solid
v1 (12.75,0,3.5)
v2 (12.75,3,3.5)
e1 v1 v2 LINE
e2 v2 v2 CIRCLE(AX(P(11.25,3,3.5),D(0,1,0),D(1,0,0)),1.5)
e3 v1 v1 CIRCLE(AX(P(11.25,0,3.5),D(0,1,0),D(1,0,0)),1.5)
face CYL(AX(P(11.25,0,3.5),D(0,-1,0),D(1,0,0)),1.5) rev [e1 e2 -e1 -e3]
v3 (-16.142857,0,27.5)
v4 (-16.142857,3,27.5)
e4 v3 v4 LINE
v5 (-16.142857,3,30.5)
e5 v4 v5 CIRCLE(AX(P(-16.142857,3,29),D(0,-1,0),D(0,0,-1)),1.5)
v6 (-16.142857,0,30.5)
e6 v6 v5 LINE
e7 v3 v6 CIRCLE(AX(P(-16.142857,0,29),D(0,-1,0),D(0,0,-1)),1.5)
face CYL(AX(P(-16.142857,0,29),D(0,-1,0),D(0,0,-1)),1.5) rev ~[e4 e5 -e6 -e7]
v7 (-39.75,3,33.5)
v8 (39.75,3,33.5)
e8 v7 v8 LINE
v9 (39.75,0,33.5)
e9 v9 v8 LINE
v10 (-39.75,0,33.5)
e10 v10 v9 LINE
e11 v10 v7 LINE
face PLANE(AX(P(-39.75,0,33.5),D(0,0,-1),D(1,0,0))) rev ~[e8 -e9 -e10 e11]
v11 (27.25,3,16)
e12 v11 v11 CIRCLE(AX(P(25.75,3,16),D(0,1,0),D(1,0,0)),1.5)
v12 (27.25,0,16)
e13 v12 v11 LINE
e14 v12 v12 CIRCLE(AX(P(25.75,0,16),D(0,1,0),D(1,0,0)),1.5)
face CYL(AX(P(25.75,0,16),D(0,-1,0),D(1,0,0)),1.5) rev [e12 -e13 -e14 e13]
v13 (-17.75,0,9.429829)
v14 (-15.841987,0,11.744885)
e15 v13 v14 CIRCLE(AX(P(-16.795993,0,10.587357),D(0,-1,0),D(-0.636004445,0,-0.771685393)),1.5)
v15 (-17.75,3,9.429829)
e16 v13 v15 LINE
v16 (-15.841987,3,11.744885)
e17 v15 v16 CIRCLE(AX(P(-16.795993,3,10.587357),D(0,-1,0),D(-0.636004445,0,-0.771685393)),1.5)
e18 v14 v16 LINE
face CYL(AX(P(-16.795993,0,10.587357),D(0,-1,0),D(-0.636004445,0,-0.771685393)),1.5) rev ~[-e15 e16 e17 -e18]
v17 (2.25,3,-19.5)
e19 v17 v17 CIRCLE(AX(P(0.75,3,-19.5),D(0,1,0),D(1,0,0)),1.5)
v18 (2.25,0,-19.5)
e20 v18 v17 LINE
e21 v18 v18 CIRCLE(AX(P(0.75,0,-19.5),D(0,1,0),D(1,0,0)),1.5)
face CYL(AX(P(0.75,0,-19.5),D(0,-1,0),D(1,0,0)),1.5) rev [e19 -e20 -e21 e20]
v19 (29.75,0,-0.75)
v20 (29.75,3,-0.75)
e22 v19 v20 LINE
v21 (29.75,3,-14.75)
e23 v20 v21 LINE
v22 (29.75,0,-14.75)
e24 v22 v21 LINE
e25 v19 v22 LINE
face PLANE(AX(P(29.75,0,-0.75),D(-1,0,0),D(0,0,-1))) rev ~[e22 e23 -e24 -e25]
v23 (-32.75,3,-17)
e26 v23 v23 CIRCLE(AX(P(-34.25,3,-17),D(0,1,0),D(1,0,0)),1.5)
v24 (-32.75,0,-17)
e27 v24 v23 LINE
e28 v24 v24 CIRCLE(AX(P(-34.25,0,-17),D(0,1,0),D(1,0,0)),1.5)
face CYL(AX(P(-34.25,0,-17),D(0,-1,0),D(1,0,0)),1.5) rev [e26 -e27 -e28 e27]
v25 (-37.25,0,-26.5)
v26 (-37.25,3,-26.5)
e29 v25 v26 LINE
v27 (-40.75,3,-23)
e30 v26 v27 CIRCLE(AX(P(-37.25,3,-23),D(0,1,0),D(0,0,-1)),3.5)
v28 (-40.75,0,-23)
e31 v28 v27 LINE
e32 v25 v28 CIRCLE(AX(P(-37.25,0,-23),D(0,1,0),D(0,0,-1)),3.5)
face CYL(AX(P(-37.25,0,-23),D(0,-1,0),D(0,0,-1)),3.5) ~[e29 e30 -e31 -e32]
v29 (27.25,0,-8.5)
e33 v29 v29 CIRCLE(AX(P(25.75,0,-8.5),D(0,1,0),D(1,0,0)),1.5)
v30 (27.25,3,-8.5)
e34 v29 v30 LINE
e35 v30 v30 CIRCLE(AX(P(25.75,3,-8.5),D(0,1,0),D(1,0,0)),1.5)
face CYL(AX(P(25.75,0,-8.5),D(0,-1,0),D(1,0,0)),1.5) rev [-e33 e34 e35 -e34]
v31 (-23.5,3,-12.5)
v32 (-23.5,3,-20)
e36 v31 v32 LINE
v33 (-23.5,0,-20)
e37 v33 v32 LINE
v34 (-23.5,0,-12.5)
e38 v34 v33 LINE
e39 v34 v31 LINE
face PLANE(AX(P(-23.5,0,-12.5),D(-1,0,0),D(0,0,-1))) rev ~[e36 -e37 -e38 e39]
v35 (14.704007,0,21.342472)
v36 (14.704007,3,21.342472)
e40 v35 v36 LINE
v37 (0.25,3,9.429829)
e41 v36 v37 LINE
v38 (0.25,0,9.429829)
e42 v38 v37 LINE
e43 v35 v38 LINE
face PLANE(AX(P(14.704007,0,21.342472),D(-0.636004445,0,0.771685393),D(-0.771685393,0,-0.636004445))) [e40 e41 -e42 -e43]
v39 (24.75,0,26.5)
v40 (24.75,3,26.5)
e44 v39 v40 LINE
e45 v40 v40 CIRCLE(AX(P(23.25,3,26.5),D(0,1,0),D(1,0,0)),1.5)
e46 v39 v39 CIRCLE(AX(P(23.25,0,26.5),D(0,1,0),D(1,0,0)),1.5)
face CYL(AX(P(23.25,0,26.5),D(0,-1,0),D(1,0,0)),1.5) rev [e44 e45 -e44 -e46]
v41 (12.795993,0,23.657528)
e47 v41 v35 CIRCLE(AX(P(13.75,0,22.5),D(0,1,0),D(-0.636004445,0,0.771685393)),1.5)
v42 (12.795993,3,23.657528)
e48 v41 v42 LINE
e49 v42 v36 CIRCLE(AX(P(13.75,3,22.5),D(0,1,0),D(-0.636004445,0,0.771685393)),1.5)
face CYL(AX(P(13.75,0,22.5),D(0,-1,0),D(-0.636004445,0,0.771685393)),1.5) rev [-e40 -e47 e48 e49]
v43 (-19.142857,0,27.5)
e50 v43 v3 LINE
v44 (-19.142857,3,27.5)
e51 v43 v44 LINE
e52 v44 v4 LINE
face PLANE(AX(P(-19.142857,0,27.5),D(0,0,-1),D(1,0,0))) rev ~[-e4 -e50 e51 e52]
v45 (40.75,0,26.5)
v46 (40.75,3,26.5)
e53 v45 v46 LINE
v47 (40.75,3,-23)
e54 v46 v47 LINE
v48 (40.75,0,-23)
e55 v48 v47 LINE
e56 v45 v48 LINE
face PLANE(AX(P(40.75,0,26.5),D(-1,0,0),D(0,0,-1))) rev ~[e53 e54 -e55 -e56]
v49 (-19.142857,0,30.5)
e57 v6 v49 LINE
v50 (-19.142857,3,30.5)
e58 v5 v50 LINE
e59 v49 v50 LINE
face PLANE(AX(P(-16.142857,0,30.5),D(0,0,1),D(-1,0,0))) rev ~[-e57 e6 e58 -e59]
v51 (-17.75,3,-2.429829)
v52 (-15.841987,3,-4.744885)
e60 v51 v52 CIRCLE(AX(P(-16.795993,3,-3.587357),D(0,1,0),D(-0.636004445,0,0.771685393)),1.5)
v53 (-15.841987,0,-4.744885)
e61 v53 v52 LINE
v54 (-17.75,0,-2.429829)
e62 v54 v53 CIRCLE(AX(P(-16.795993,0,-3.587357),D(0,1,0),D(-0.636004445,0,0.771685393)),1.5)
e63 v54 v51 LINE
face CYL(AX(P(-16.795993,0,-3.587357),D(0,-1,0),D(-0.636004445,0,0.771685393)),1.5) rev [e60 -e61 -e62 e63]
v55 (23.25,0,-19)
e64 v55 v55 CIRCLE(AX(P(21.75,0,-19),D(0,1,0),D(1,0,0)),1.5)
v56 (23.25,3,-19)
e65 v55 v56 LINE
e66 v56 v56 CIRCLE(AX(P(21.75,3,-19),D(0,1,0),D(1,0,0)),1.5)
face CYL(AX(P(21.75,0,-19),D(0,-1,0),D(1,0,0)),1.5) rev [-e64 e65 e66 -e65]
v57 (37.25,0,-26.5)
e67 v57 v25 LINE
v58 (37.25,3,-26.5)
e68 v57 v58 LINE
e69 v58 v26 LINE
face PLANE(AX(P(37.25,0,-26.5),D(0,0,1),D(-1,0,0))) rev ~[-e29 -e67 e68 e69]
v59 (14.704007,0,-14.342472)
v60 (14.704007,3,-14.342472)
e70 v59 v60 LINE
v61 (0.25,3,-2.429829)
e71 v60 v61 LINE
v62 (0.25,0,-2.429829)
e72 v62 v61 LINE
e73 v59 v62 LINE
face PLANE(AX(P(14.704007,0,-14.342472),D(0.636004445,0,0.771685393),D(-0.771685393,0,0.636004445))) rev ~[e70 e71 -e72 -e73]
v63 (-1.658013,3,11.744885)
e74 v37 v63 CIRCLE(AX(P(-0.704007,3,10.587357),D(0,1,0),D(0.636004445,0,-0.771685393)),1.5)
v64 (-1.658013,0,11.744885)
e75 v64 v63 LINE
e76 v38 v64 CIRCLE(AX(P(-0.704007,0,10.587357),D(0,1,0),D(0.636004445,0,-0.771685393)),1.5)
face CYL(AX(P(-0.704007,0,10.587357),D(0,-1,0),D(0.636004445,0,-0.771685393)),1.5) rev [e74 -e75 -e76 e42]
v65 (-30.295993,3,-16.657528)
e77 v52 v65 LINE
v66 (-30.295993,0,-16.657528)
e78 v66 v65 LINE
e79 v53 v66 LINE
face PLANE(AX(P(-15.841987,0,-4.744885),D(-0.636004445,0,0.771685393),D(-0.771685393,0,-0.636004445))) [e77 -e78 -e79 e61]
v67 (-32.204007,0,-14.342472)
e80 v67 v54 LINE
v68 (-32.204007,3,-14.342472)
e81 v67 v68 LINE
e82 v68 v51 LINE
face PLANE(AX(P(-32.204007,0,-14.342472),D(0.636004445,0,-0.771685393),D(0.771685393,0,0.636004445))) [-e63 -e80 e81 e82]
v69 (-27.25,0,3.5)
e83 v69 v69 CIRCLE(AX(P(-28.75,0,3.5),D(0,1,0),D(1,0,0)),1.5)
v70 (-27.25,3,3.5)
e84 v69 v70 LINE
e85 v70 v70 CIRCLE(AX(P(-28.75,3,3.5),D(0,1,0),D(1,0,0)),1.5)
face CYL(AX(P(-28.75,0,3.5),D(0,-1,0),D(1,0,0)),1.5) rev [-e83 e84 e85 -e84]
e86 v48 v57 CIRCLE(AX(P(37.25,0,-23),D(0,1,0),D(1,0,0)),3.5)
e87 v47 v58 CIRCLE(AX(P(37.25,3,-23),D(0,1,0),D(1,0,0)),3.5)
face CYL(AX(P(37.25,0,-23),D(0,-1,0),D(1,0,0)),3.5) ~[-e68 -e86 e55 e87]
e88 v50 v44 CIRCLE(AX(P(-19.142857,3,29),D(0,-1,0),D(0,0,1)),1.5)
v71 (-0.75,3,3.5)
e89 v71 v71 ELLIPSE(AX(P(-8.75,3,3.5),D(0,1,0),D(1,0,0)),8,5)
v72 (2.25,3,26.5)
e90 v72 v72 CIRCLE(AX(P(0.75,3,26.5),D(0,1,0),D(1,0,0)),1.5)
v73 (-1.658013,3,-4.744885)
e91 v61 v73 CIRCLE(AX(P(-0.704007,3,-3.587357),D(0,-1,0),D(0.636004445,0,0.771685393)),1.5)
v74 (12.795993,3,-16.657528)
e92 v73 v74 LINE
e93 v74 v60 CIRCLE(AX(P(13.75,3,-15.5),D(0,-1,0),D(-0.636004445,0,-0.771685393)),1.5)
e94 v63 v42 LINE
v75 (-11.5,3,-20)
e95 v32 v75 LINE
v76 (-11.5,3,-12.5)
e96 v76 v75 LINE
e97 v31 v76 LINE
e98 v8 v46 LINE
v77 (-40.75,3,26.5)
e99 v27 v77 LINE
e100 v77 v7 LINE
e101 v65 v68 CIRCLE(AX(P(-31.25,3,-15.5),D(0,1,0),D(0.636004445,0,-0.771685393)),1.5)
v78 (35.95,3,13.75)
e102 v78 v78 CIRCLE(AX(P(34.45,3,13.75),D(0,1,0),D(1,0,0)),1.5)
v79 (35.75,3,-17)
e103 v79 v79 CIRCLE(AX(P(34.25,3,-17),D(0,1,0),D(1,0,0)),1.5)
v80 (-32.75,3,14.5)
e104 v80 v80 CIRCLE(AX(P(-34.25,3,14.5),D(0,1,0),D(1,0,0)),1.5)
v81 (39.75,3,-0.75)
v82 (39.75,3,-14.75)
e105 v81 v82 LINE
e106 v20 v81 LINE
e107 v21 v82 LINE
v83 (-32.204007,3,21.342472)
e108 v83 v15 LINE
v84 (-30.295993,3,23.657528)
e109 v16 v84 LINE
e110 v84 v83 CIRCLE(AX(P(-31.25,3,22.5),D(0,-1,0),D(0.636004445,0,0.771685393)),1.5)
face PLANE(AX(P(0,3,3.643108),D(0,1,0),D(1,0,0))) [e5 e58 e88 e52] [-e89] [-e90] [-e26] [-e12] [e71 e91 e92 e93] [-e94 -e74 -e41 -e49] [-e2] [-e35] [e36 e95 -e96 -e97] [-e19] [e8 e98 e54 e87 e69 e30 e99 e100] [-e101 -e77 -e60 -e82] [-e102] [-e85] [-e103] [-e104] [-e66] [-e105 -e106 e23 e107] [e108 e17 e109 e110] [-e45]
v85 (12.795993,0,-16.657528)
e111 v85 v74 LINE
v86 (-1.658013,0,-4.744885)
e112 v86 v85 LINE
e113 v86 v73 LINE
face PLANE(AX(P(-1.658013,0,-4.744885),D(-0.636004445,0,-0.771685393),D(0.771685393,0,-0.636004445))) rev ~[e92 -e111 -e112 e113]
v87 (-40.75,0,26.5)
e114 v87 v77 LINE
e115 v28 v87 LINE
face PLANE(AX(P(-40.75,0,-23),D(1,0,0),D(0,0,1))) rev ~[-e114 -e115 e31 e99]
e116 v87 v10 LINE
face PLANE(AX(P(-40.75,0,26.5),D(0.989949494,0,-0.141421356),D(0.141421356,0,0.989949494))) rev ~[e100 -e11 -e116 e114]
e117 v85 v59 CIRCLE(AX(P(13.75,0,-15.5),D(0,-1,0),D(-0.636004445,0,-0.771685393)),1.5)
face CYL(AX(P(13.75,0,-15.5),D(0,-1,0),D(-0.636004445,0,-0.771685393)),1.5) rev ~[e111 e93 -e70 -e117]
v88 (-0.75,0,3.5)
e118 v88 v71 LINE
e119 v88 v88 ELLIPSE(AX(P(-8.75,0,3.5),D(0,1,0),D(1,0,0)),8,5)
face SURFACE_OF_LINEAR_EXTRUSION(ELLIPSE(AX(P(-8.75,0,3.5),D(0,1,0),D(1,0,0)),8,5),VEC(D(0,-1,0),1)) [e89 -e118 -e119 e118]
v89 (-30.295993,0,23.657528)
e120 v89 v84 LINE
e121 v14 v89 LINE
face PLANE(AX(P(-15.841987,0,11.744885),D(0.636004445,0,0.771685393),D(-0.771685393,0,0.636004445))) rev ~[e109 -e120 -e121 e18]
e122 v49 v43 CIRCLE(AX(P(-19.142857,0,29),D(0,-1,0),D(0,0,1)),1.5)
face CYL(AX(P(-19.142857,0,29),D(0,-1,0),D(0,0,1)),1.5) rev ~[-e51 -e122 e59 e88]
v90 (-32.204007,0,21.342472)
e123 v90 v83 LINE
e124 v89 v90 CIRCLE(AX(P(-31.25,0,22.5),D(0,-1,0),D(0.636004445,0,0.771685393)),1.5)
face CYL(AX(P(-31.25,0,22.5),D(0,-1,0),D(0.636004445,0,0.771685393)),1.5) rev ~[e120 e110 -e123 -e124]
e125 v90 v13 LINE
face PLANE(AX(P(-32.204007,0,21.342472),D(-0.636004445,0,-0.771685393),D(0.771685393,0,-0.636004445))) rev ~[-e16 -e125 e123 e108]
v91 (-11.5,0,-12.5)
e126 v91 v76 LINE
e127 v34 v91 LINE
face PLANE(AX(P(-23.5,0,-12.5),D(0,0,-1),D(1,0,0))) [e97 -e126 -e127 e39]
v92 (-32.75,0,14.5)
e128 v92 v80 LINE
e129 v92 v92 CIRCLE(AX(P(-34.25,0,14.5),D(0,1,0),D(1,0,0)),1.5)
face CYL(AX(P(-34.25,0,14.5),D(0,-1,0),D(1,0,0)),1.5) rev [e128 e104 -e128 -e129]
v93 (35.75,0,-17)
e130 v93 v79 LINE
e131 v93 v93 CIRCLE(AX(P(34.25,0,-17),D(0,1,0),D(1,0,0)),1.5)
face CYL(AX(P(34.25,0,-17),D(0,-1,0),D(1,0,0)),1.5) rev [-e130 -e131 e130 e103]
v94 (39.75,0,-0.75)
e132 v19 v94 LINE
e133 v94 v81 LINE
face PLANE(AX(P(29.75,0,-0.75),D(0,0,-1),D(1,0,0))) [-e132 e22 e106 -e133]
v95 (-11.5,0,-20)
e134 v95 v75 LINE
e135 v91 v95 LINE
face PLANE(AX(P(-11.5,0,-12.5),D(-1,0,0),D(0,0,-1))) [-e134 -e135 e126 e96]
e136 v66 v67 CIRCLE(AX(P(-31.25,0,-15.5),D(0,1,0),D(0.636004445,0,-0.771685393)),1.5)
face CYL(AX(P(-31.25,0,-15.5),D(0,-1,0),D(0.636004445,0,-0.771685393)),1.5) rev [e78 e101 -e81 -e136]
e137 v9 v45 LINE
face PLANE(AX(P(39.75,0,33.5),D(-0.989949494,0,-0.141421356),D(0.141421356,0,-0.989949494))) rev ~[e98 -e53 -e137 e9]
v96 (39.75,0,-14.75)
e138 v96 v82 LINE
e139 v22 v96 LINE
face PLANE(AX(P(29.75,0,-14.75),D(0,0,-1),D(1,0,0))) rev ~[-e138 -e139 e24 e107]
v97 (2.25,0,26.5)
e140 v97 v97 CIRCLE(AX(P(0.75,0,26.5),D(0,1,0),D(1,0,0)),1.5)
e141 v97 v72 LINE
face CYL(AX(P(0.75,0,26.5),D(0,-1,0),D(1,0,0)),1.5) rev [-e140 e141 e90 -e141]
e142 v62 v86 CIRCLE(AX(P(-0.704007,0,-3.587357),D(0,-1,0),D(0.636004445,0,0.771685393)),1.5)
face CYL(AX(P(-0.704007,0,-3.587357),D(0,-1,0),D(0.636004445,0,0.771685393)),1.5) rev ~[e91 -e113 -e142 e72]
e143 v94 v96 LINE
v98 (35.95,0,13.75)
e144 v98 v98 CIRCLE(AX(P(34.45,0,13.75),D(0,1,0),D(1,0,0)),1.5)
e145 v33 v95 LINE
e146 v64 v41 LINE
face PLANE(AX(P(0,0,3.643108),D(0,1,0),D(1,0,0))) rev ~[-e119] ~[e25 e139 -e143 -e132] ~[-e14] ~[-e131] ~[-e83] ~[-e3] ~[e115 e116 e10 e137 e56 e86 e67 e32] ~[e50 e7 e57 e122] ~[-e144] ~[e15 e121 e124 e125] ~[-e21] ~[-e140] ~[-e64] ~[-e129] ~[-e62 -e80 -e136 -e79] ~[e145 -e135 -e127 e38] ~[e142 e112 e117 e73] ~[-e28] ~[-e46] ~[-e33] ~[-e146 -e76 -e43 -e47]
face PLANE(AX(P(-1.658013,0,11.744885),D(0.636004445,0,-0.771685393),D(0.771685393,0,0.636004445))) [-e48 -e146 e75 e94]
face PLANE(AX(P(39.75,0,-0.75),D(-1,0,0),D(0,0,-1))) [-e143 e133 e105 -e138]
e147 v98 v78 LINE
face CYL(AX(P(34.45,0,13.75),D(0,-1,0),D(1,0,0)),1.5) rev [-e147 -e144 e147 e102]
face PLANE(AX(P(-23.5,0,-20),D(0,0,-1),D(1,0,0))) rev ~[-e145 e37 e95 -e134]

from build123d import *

# Parameters (mm, degrees)
CROQUIS1_R              = 1.5
CROQUIS1_RX             = 8
CROQUIS1_RY             = 5
CROQUIS1_W              = 10
CROQUIS1_H              = 14
CROQUIS1_W_2            = 12
CROQUIS1_H_2            = 7.5
SALIENTE_EXTRUIR1_DEPTH = 3


with BuildPart() as part:
    # Croquis1 → Saliente-Extruir1 (new body)
    with BuildSketch(Plane(origin=(0, 0, 0), x_dir=(1, 0, 0), z_dir=(0, 1, 0))):
        with BuildLine():
            Line((40.75, -26.5), (40.75, 23))
            ThreePointArc((40.75, 23), (39.724873734, 25.474873734), (37.25, 26.5))
            Line((37.25, 26.5), (-37.25, 26.5))
            ThreePointArc((-37.25, 26.5), (-39.724873734, 25.474873734), (-40.75, 23))
            Line((-40.75, 23), (-40.75, -26.5))
            Line((-40.75, -26.5), (-39.75, -33.5))
            Line((-39.75, -33.5), (39.75, -33.5))
            Line((39.75, -33.5), (40.75, -26.5))
        make_face()
        with Locations((34.25, 17)):
            Circle(CROQUIS1_R, mode=Mode.SUBTRACT)
        with Locations((-34.25, 17)):
            Circle(CROQUIS1_R, mode=Mode.SUBTRACT)
        with Locations((34.45, -13.75)):
            Circle(CROQUIS1_R, mode=Mode.SUBTRACT)
        with Locations((25.75, -16)):
            Circle(CROQUIS1_R, mode=Mode.SUBTRACT)
        with Locations((23.25, -26.5)):
            Circle(CROQUIS1_R, mode=Mode.SUBTRACT)
        with Locations((25.75, 8.5)):
            Circle(CROQUIS1_R, mode=Mode.SUBTRACT)
        with Locations((21.75, 19)):
            Circle(CROQUIS1_R, mode=Mode.SUBTRACT)
        with Locations((11.25, -3.5)):
            Circle(CROQUIS1_R, mode=Mode.SUBTRACT)
        with Locations((-28.75, -3.5)):
            Circle(CROQUIS1_R, mode=Mode.SUBTRACT)
        with Locations((0.75, -26.5)):
            Circle(CROQUIS1_R, mode=Mode.SUBTRACT)
        with Locations((0.75, 19.5)):
            Circle(CROQUIS1_R, mode=Mode.SUBTRACT)
        with Locations((-34.25, -14.5)):
            Circle(CROQUIS1_R, mode=Mode.SUBTRACT)
        with Locations((-8.75, -3.5)):
            Ellipse(CROQUIS1_RX, CROQUIS1_RY, mode=Mode.SUBTRACT)
        with Locations((34.75, 7.75)):
            Rectangle(CROQUIS1_W, CROQUIS1_H, mode=Mode.SUBTRACT)
        with BuildLine():
            Line((-1.658013335, 4.744885232), (12.795993333, 16.65752809))
            ThreePointArc((12.795993333, 16.65752809), (14.90752809, 16.454006667), (14.704006667, 14.34247191))
            Line((14.704006667, 14.34247191), (0.25, 2.429829053))
            ThreePointArc((0.25, 2.429829053), (-1.861534757, 2.633350475), (-1.658013335, 4.744885232))
        make_face(mode=Mode.SUBTRACT)
        with BuildLine():
            Line((-1.658013335, -11.744885232), (12.795993333, -23.65752809))
            ThreePointArc((12.795993333, -23.65752809), (14.90752809, -23.454006667), (14.704006667, -21.34247191))
            Line((14.704006667, -21.34247191), (0.25, -9.429829053))
            ThreePointArc((0.25, -9.429829053), (-1.861534757, -9.633350475), (-1.658013335, -11.744885232))
        make_face(mode=Mode.SUBTRACT)
        with BuildLine():
            Line((-15.841986665, -11.744885232), (-30.295993333, -23.65752809))
            ThreePointArc((-30.295993333, -23.65752809), (-32.40752809, -23.454006667), (-32.204006667, -21.34247191))
            Line((-32.204006667, -21.34247191), (-17.75, -9.429829053))
            ThreePointArc((-17.75, -9.429829053), (-15.638465243, -9.633350475), (-15.841986665, -11.744885232))
        make_face(mode=Mode.SUBTRACT)
        with BuildLine():
            Line((-15.841986665, 4.744885232), (-30.295993333, 16.65752809))
            ThreePointArc((-30.295993333, 16.65752809), (-32.40752809, 16.454006667), (-32.204006667, 14.34247191))
            Line((-32.204006667, 14.34247191), (-17.75, 2.429829053))
            ThreePointArc((-17.75, 2.429829053), (-15.638465243, 2.633350475), (-15.841986665, 4.744885232))
        make_face(mode=Mode.SUBTRACT)
        with BuildLine():
            Line((-19.142857143, -27.5), (-16.142857143, -27.5))
            ThreePointArc((-16.142857143, -27.5), (-14.642857143, -29), (-16.142857143, -30.5))
            Line((-16.142857143, -30.5), (-19.142857143, -30.5))
            ThreePointArc((-19.142857143, -30.5), (-20.642857143, -29), (-19.142857143, -27.5))
        make_face(mode=Mode.SUBTRACT)
        with Locations((-17.5, 16.25)):
            Rectangle(CROQUIS1_W_2, CROQUIS1_H_2, mode=Mode.SUBTRACT)
    extrude(amount=SALIENTE_EXTRUIR1_DEPTH)


solid = part.part
